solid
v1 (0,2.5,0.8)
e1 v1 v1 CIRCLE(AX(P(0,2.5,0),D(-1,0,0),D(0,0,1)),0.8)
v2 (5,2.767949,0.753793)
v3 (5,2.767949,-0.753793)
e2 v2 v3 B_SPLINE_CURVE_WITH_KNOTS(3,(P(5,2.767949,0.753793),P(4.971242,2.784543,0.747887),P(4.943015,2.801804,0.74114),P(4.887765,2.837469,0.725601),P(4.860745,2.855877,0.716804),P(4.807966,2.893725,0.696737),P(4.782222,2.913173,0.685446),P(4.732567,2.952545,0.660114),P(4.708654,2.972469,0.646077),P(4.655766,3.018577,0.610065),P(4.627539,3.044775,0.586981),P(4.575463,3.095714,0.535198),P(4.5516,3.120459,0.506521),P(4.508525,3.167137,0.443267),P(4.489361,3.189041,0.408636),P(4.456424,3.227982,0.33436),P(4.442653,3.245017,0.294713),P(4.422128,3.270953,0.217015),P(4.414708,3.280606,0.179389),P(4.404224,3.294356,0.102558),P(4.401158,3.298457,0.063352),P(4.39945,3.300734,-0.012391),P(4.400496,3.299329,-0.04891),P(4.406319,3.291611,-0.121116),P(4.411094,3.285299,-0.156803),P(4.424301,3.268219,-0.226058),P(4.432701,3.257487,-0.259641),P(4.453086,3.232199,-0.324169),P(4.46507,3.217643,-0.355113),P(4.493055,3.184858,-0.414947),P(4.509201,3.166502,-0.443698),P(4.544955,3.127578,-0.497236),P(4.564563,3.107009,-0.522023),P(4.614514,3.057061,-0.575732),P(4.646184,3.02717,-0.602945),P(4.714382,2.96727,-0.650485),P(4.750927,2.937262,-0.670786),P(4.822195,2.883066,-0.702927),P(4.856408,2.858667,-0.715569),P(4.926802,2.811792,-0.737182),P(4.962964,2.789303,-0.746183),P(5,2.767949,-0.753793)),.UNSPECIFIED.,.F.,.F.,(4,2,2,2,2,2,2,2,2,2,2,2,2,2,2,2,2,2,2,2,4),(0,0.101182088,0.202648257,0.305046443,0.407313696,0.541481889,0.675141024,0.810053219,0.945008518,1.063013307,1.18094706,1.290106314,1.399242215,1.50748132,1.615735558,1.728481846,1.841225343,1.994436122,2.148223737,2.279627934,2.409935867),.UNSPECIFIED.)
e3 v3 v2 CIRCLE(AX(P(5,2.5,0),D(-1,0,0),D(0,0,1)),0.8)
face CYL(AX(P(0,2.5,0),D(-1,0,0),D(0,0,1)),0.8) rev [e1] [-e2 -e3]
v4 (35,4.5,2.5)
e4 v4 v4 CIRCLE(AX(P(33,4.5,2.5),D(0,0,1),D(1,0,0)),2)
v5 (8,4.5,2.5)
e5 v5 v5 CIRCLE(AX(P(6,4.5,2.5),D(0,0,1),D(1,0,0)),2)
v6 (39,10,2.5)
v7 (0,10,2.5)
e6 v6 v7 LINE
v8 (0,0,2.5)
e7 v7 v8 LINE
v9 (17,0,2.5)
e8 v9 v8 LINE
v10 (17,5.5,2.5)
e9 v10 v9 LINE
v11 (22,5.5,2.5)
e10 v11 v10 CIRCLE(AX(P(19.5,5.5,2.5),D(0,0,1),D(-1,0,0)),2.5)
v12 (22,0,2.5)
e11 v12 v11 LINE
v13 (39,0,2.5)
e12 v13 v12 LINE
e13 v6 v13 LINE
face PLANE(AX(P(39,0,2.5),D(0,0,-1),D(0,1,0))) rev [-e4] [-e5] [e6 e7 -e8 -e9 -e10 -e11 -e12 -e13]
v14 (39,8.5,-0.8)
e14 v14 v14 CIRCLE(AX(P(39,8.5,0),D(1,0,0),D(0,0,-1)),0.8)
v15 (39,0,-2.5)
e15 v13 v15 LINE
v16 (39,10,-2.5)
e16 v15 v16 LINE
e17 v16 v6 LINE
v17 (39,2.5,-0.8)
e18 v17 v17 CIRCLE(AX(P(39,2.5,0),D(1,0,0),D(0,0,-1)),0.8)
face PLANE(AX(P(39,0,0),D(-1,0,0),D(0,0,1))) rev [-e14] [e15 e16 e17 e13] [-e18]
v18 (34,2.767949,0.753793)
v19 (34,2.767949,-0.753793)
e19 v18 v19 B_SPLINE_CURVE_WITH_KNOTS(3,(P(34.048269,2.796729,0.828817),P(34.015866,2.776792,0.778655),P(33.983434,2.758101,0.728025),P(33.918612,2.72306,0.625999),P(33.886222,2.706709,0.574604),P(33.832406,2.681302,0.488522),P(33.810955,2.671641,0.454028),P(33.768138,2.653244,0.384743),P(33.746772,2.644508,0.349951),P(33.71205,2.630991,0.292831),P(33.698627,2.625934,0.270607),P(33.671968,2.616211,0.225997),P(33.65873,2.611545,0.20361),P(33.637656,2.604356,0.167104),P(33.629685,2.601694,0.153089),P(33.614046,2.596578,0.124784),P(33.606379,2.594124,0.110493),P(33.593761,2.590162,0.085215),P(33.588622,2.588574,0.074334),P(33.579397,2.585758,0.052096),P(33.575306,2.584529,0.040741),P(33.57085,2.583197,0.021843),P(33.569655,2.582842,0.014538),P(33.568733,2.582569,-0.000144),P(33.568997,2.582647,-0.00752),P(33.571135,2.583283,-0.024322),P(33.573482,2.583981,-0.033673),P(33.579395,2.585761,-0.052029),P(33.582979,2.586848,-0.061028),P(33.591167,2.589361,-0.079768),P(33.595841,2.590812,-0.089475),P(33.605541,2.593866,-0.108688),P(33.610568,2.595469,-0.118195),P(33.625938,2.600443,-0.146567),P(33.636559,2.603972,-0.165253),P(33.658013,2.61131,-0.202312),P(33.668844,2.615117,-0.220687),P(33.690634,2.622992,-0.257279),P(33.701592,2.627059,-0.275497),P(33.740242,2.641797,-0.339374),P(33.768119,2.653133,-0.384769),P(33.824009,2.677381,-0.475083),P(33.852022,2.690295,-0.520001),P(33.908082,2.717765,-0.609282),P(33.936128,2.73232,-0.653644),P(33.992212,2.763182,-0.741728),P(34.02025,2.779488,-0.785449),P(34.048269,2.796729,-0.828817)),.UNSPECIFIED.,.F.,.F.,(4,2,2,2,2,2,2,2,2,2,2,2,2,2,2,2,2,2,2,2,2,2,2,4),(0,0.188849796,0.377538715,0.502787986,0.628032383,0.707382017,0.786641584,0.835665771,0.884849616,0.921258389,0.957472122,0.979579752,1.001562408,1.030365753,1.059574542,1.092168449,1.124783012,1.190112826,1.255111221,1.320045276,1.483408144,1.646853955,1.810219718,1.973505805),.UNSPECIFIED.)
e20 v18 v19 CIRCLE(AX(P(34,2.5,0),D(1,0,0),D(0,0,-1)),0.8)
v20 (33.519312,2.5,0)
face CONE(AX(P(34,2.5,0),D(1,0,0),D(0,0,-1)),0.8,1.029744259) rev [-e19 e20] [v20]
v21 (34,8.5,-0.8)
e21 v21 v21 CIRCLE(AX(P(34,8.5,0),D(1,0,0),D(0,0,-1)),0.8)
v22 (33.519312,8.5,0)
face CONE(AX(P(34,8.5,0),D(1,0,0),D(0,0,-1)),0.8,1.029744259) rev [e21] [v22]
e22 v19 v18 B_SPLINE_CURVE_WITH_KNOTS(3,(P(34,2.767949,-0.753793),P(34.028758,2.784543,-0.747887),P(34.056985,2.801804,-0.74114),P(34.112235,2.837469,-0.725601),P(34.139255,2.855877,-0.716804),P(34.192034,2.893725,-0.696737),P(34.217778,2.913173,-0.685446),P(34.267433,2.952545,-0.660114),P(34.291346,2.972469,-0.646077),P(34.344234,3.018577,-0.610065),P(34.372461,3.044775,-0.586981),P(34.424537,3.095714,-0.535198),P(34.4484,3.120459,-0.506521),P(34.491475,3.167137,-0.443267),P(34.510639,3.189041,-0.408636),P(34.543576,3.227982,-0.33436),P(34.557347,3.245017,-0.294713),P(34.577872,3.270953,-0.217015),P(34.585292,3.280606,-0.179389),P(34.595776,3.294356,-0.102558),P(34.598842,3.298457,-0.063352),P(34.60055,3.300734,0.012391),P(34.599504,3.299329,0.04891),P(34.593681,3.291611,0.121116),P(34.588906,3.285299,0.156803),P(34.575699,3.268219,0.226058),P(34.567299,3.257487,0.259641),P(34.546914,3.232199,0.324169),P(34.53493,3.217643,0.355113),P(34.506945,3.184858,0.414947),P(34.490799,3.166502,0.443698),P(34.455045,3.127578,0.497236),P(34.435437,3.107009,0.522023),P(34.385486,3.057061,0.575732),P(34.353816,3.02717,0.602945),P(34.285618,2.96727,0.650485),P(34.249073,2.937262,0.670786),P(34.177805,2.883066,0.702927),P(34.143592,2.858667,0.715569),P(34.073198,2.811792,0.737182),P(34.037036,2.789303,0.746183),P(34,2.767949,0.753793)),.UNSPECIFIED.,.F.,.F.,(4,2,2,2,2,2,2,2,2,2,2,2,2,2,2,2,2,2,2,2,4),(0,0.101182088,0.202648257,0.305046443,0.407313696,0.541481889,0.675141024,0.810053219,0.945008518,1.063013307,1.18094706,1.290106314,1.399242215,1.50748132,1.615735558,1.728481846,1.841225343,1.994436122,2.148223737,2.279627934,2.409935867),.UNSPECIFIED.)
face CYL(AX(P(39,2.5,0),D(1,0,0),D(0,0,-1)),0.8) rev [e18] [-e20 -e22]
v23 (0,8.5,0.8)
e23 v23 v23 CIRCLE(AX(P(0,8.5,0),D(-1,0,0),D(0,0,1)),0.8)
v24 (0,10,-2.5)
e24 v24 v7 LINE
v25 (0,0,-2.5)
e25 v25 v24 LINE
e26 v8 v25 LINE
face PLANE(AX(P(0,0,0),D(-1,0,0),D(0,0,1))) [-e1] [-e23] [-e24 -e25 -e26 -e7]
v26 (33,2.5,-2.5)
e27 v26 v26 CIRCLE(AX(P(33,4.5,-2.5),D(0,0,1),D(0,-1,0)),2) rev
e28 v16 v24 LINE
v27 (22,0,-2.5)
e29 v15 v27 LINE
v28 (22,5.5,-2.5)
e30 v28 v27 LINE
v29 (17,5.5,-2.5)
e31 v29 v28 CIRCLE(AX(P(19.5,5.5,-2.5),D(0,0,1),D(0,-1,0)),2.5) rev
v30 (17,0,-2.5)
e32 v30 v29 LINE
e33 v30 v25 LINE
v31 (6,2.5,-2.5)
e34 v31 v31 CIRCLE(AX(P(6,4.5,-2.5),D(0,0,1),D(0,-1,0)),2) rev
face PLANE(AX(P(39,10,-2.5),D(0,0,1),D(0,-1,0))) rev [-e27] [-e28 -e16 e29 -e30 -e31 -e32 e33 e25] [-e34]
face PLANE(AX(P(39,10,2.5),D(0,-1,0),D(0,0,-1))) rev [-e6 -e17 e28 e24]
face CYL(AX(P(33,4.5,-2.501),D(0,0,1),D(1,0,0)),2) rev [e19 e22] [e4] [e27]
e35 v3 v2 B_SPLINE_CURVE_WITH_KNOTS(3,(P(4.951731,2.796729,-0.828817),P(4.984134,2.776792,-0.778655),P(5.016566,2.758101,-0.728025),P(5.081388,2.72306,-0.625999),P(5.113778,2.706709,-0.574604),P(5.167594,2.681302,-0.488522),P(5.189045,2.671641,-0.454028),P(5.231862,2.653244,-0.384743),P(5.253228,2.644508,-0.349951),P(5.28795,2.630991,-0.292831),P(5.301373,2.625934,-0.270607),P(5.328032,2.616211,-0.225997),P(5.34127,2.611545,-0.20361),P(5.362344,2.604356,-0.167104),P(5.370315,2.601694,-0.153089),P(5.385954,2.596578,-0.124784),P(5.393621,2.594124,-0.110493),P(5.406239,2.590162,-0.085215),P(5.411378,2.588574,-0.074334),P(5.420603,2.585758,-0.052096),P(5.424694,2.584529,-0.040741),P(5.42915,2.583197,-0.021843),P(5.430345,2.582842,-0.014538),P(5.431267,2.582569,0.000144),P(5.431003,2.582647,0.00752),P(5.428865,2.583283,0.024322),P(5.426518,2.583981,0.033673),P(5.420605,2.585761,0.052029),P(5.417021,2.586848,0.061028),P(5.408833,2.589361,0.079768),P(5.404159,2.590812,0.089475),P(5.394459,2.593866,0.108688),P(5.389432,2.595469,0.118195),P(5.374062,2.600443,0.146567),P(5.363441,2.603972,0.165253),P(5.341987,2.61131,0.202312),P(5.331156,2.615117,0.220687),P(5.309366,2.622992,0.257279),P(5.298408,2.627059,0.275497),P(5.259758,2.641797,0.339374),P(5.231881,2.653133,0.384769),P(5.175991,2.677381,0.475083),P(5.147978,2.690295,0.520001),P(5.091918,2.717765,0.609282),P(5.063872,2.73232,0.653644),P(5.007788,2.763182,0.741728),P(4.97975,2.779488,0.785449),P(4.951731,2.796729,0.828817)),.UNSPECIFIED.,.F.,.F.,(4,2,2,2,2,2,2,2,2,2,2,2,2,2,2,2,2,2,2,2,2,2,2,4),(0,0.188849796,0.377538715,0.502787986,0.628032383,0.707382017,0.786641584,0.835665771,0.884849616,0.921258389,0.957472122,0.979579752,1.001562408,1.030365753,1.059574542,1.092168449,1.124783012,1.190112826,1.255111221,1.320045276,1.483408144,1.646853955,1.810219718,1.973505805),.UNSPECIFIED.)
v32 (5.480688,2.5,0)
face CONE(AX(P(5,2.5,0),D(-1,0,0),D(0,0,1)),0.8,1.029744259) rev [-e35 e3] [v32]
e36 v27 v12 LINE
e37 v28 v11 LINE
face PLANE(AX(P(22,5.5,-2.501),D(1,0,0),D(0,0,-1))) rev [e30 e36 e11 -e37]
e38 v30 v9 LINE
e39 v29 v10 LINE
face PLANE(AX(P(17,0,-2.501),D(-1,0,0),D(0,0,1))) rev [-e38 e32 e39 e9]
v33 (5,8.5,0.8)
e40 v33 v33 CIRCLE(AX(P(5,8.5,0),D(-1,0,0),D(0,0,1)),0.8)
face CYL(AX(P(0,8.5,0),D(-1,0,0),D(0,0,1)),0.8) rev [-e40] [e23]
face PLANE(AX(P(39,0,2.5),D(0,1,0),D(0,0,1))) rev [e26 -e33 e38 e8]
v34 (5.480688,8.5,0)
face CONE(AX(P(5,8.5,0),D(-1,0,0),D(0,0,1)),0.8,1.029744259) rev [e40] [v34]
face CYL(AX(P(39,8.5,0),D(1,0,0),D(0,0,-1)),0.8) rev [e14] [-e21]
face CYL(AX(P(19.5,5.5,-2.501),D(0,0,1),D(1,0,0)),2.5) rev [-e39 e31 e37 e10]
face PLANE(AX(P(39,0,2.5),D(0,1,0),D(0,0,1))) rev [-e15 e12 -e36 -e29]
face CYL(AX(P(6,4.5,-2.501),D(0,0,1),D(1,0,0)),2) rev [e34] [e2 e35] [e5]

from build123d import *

# Parameters (mm, degrees)
SKETCH1_W                       = 5
SKETCH1_H                       = 10
BOSS_EXTRUDE1_DEPTH             = 39
TAP_DRILL_FOR_M2X0_4_TAP1_D     = 1.6
TAP_DRILL_FOR_M2X0_4_TAP1_DEPTH = 5
TAP_DRILL_FOR_M2X0_4_TAP1_TIP   = 0.480688495
TAP_DRILL_FOR_M2X0_4_TAP2_D     = 1.6
TAP_DRILL_FOR_M2X0_4_TAP2_DEPTH = 5
TAP_DRILL_FOR_M2X0_4_TAP2_TIP   = 0.480688495
CUT_EXTRUDE1_REACH              = 7
SKETCH8_R                       = 2


with BuildPart() as part:
    # Sketch1 → Boss-Extrude1 (new body)
    with BuildSketch(Plane(origin=(0, 0, 0), x_dir=(0, 0, -1), z_dir=(1, 0, 0))):
        with Locations((0, 5)):
            Rectangle(SKETCH1_W, SKETCH1_H)
    extrude(amount=BOSS_EXTRUDE1_DEPTH)

    # Tap Drill for M2x0.4 Tap1
    with Locations(Plane(origin=(39, 0, 0), x_dir=(0, 0, -1), z_dir=(1, 0, 0))):
        with Locations((0, 8.5), (0, 2.5)):
            Hole(TAP_DRILL_FOR_M2X0_4_TAP1_D / 2, depth=TAP_DRILL_FOR_M2X0_4_TAP1_DEPTH)
            with Locations((0, 0, -(TAP_DRILL_FOR_M2X0_4_TAP1_DEPTH + TAP_DRILL_FOR_M2X0_4_TAP1_TIP / 2))):  # 118° drill point
                Cone(0, TAP_DRILL_FOR_M2X0_4_TAP1_D / 2, TAP_DRILL_FOR_M2X0_4_TAP1_TIP, mode=Mode.SUBTRACT)

    # Tap Drill for M2x0.4 Tap2
    with Locations(Plane.ZY):
        with Locations((0, 8.5), (0, 2.5)):
            Hole(TAP_DRILL_FOR_M2X0_4_TAP2_D / 2, depth=TAP_DRILL_FOR_M2X0_4_TAP2_DEPTH)
            with Locations((0, 0, -(TAP_DRILL_FOR_M2X0_4_TAP2_DEPTH + TAP_DRILL_FOR_M2X0_4_TAP2_TIP / 2))):  # 118° drill point
                Cone(0, TAP_DRILL_FOR_M2X0_4_TAP2_D / 2, TAP_DRILL_FOR_M2X0_4_TAP2_TIP, mode=Mode.SUBTRACT)

    # Sketch8 → Cut-Extrude1 (cut, up to next)
    with BuildSketch(Plane.XY.offset(2.5), mode=Mode.PRIVATE) as cut_extrude1_sk1:
        with Locations((6, 4.5)):
            Circle(SKETCH8_R)
    cut_extrude1_tool1 = extrude(cut_extrude1_sk1.sketch, amount=-CUT_EXTRUDE1_REACH, mode=Mode.PRIVATE) & part.part
    add(cut_extrude1_tool1.solids().sort_by_distance((6, 4.5, 2.5))[0], mode=Mode.SUBTRACT)
    # Sketch8 → Cut-Extrude1 (cut, up to next)
    with BuildSketch(Plane.XY.offset(2.5), mode=Mode.PRIVATE) as cut_extrude1_sk2:
        with Locations((33, 4.5)):
            Circle(SKETCH8_R)
    cut_extrude1_tool2 = extrude(cut_extrude1_sk2.sketch, amount=-CUT_EXTRUDE1_REACH, mode=Mode.PRIVATE) & part.part
    add(cut_extrude1_tool2.solids().sort_by_distance((33, 4.5, 2.5))[0], mode=Mode.SUBTRACT)
    # Sketch8 → Cut-Extrude1 (cut, up to next)
    with BuildSketch(Plane.XY.offset(2.5), mode=Mode.PRIVATE) as cut_extrude1_sk3:
        with BuildLine():
            Line((17, 0), (17, 5.5))
            ThreePointArc((17, 5.5), (19.5, 8), (22, 5.5))
            Line((22, 5.5), (22, 0))
            Line((22, 0), (17, 0))
        make_face()
    cut_extrude1_tool3 = extrude(cut_extrude1_sk3.sketch, amount=-CUT_EXTRUDE1_REACH, mode=Mode.PRIVATE) & part.part
    add(cut_extrude1_tool3.solids().sort_by_distance((19.5, 3.752606, 2.5))[0], mode=Mode.SUBTRACT)


solid = part.part
